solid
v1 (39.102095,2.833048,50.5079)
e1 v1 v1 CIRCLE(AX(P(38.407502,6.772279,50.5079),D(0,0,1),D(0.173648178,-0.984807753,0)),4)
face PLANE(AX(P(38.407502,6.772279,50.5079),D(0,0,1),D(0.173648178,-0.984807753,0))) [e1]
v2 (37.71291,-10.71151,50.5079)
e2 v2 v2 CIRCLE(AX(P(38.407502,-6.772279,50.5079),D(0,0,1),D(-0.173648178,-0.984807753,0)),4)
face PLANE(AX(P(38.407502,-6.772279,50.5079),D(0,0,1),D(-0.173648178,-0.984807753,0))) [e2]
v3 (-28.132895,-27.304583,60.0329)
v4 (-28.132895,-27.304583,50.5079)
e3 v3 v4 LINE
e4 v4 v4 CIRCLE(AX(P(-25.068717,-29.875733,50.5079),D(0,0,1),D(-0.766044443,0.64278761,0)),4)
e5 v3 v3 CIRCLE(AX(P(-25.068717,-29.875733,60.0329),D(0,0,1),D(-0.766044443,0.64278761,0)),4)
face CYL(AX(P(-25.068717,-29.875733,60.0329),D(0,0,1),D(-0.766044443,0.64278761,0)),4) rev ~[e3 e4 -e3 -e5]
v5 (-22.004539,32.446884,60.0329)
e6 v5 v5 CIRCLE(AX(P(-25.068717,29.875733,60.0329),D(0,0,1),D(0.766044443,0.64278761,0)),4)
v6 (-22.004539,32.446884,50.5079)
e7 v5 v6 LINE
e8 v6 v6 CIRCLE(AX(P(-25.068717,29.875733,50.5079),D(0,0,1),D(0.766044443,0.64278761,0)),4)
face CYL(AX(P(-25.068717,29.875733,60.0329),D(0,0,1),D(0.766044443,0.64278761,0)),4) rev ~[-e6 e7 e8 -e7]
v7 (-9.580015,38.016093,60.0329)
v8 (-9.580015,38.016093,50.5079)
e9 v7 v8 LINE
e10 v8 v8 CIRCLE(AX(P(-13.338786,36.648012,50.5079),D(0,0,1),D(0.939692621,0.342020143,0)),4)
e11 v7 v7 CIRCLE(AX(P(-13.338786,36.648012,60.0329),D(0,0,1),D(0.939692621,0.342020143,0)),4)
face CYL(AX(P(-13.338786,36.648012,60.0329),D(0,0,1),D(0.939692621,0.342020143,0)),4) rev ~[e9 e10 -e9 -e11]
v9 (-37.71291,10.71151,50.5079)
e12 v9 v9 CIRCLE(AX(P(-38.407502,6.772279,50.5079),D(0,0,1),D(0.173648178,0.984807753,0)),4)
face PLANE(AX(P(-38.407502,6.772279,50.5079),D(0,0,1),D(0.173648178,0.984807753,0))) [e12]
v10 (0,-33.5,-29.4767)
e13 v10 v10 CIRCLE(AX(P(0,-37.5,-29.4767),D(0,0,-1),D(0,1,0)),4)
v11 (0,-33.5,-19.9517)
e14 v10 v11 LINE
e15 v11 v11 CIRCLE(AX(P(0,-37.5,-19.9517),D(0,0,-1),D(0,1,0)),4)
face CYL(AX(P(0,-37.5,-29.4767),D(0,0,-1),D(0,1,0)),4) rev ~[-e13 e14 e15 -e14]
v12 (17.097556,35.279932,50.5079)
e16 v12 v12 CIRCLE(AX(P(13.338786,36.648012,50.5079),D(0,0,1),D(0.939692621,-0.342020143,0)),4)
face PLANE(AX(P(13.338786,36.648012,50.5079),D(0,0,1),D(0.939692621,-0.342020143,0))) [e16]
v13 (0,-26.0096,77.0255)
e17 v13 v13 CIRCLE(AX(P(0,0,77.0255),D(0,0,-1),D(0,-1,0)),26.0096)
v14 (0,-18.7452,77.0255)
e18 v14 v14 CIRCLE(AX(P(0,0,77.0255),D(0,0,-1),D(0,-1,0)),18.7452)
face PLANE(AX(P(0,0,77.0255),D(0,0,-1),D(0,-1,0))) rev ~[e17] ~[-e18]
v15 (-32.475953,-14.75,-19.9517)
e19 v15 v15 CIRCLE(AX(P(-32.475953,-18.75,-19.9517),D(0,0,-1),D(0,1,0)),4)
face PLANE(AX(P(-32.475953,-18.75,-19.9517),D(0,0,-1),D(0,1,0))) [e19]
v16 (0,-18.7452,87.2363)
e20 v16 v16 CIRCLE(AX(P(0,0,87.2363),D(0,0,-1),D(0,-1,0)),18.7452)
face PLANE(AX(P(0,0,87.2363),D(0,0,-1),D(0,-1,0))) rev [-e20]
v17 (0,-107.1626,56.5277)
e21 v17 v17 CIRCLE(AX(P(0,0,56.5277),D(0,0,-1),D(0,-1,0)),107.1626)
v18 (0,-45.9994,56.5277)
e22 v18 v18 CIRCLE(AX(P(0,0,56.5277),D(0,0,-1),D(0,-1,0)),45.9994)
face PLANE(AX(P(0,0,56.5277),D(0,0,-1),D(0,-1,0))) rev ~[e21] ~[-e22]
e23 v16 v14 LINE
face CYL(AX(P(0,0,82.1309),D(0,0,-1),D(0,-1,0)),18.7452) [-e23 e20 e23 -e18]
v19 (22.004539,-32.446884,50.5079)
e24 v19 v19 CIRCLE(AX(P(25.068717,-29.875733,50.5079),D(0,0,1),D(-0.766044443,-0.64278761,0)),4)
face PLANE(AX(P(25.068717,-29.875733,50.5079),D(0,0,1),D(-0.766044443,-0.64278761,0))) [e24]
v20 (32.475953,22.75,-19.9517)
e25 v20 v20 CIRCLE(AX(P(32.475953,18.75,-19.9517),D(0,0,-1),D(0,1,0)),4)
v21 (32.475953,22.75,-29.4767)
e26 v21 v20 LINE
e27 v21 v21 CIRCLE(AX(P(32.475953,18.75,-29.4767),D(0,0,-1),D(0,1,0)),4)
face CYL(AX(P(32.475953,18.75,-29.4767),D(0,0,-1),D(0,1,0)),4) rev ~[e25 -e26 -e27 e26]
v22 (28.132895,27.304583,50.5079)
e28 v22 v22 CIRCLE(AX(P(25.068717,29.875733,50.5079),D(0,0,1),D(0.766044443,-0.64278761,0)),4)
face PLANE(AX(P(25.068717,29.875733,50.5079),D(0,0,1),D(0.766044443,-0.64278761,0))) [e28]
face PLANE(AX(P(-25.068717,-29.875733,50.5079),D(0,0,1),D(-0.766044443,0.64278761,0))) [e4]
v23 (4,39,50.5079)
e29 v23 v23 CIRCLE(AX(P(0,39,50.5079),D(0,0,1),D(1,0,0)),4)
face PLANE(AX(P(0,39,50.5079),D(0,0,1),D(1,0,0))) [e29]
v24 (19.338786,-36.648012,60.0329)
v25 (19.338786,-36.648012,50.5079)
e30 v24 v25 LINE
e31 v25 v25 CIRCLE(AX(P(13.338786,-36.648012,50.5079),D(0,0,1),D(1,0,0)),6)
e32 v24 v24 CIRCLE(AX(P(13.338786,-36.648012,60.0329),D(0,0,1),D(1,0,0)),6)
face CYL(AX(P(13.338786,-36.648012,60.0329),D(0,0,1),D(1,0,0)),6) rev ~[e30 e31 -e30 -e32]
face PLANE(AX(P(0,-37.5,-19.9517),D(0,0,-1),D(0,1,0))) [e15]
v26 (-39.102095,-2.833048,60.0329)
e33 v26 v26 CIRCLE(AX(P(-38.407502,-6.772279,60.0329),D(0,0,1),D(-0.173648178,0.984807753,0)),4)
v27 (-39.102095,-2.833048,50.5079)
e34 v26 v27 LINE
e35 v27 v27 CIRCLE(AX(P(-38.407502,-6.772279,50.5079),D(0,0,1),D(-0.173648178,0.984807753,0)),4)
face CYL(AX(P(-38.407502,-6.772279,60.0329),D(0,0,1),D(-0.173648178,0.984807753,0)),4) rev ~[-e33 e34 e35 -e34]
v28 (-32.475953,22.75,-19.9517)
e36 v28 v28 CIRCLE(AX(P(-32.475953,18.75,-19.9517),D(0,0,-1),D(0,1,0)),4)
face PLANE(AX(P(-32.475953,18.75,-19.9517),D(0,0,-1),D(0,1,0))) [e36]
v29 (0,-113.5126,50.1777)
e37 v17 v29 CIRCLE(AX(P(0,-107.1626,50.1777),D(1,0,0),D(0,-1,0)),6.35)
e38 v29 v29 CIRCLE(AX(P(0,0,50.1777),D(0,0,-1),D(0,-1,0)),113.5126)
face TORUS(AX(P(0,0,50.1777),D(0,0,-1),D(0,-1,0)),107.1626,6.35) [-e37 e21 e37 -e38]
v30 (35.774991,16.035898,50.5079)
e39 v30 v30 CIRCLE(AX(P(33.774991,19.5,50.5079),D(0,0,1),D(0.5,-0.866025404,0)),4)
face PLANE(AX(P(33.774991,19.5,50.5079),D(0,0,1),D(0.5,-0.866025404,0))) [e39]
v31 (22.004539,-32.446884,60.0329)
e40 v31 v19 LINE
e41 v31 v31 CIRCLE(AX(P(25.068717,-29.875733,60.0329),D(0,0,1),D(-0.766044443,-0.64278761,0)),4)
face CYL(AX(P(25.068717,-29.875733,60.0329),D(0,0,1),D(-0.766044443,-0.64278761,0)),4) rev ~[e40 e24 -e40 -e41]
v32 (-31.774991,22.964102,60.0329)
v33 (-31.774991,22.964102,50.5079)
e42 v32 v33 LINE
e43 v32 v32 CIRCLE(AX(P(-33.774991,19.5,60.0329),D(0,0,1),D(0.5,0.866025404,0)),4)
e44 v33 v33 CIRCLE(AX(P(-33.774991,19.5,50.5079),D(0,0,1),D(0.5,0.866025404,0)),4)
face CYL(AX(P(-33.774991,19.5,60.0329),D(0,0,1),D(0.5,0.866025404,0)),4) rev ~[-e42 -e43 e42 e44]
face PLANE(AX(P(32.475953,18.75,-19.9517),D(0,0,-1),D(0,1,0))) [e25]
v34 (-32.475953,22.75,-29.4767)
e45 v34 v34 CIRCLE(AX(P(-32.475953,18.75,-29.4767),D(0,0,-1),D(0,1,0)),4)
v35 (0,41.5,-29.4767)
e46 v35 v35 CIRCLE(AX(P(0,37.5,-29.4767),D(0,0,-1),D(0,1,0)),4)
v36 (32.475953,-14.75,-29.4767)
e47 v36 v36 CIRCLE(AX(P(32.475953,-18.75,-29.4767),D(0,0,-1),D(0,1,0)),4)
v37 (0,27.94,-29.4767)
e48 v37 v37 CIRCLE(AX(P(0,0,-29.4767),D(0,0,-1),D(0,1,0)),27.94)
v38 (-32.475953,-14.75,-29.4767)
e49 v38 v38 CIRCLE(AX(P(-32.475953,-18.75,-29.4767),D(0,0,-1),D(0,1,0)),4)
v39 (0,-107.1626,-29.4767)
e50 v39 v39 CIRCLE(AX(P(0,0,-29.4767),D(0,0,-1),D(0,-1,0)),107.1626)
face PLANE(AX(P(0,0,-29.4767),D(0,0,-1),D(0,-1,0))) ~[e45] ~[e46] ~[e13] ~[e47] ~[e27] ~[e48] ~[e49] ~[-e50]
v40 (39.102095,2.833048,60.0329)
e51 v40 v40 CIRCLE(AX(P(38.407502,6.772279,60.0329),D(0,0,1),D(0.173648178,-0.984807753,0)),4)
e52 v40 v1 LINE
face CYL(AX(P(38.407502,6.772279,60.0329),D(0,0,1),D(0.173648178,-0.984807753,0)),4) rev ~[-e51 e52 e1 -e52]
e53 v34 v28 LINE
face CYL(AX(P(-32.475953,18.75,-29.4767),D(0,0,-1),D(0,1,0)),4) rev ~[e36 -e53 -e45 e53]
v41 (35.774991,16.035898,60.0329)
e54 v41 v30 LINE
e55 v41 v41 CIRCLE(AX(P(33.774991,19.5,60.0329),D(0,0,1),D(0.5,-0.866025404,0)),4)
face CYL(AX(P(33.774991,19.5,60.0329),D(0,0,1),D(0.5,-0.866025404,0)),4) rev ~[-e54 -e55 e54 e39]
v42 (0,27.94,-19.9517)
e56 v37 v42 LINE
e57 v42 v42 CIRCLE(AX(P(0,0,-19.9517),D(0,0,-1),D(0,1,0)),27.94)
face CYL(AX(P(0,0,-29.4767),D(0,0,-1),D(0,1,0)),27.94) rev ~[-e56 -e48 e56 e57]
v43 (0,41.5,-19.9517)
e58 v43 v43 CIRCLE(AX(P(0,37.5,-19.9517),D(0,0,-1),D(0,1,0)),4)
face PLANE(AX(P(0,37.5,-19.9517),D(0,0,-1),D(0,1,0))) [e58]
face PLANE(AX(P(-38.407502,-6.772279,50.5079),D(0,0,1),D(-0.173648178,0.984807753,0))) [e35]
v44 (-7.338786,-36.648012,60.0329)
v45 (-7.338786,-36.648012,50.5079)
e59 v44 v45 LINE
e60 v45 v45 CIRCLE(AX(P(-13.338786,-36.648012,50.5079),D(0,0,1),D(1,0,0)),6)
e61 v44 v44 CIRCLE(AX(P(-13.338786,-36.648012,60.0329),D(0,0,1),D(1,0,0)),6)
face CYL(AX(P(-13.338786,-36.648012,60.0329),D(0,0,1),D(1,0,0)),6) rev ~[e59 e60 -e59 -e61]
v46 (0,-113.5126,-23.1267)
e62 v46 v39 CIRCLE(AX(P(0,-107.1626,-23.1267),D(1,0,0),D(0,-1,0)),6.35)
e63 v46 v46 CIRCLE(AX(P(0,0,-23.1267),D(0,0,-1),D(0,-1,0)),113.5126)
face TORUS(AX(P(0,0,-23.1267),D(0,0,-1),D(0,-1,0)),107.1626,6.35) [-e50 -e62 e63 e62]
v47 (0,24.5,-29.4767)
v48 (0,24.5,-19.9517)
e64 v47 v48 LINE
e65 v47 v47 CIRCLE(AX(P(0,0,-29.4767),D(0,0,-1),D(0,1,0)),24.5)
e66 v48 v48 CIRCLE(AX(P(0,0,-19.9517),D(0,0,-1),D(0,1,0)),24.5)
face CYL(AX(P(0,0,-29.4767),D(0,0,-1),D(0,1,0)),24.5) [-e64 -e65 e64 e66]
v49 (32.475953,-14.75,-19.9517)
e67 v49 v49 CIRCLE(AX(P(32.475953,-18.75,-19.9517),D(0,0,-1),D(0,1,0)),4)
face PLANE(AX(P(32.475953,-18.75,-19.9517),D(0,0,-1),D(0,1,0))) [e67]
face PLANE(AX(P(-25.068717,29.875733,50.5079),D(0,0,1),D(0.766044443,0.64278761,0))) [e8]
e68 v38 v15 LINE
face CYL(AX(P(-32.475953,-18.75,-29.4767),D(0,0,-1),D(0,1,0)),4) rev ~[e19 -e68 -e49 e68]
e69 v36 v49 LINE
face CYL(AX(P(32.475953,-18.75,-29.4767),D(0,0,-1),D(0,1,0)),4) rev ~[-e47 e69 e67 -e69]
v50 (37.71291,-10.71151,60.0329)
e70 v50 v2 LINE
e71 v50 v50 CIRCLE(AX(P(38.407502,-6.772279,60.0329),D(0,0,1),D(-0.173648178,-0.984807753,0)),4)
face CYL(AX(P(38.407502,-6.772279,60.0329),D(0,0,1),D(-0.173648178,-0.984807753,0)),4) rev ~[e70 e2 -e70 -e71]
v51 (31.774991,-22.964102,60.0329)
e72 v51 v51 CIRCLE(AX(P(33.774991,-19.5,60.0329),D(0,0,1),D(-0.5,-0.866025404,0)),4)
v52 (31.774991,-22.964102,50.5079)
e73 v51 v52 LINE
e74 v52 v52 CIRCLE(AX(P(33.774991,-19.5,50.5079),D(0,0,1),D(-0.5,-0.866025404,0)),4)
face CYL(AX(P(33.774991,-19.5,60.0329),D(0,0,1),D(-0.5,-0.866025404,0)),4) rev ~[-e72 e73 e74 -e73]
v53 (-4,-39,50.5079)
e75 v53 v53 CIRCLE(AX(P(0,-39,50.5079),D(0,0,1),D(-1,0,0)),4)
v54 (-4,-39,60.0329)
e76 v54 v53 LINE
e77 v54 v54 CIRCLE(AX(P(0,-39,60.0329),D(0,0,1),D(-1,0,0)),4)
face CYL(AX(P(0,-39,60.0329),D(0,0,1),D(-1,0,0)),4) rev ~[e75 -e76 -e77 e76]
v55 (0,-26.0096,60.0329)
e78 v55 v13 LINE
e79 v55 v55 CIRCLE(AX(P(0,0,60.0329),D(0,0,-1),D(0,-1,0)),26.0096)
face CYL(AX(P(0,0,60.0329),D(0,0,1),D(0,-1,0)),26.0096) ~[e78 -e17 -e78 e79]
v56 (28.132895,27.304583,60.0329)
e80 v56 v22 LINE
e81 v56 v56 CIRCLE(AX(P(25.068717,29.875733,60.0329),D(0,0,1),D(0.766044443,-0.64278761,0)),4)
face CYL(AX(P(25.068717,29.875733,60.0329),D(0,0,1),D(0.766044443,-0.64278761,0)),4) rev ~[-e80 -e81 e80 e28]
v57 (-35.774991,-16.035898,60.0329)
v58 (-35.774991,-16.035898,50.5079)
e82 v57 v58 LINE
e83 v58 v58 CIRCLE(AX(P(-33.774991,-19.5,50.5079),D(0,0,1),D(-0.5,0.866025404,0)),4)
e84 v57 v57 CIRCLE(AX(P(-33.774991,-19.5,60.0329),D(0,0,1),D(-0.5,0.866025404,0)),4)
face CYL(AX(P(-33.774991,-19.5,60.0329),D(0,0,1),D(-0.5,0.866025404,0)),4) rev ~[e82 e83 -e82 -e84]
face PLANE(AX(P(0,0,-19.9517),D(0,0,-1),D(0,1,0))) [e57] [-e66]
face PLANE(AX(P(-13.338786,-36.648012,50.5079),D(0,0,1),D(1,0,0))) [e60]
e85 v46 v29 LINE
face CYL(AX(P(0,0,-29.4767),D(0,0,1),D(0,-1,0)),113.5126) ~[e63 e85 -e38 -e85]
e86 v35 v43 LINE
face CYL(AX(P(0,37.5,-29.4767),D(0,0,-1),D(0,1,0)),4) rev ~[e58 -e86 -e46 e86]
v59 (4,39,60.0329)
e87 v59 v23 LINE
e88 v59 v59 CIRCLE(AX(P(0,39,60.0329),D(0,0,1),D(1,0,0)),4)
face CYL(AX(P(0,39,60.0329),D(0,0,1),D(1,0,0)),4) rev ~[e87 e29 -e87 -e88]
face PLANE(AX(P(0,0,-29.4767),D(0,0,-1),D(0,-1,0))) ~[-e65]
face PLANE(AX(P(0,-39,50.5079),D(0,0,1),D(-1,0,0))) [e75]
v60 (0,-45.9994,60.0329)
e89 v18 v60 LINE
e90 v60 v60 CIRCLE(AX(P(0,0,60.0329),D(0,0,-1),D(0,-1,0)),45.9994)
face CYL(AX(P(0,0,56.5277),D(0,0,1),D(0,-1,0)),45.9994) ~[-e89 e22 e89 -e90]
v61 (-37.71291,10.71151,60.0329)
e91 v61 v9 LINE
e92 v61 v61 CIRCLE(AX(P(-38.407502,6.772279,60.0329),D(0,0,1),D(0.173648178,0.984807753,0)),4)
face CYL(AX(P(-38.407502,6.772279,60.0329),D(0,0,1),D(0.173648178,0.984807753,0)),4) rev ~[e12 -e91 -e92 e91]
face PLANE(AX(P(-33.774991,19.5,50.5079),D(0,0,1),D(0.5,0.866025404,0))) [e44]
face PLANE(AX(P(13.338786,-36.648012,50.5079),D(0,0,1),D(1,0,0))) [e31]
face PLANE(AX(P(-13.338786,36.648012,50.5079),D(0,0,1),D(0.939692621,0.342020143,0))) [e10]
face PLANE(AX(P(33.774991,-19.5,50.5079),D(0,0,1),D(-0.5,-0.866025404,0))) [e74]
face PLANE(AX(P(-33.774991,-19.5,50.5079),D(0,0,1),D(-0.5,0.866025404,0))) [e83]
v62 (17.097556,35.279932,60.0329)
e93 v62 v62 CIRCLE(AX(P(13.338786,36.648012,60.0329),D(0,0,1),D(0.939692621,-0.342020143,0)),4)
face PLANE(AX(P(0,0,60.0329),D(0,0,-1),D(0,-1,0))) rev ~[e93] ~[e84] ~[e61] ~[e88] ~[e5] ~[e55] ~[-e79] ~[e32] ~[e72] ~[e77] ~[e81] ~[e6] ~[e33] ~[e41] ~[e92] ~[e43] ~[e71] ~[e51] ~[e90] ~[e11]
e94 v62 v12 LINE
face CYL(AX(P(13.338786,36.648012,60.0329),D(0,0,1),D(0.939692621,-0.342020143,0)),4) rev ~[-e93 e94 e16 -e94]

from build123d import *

# Parameters (mm, degrees)
SKETCH1_W          = 10.2108
SKETCH1_H          = 18.7452
SKETCH2_R          = 4
CUT_EXTRUDE1_DEPTH = 9.525
CIRPATTERN1_COUNT  = 18
SKETCH4_R          = 6
CUT_EXTRUDE2_DEPTH = 9.525
FILLET1_R          = 6.35
SKETCH5_R          = 4
SKETCH5_R_2        = 27.94
SKETCH5_R_3        = 24.5
CUT_EXTRUDE3_DEPTH = 9.525


with BuildPart() as part:
    # Sketch1 → Revolve1 (revolve)
    with BuildSketch(Plane(origin=(0, 0, 0), x_dir=(0, 0, -1), z_dir=(1, 0, 0)), mode=Mode.PRIVATE) as revolve1_sk:
        with Locations((-82.1309, 9.3726)):
            Rectangle(SKETCH1_W, SKETCH1_H)
        Polygon((-77.0255, 18.7452), (-77.0255, 0), (-60.0329, 0), (-60.0329, 26.0096), (-77.0255, 26.0096), align=None)
        Polygon((-60.0329, 26.0096), (-60.0329, 0), (-56.5277, 0), (-56.5277, 45.9994), (-60.0329, 45.9994), align=None)
        Polygon((-56.5277, 45.9994), (-56.5277, 0), (29.4767, 0), (29.4767, 46.99), (29.4767, 113.5126), (-56.5277, 113.5126), align=None)
    revolve(revolve1_sk.sketch.rotate(Axis((0, 0, 87.2363), (0, 0, -1)), 180), axis=Axis((0, 0, 87.2363), (0, 0, -1)))

    # Sketch2 → Cut-Extrude1 (cut)
    with BuildSketch(Plane.XY.offset(60.0329)):
        with Locations((0, 39)):
            Circle(SKETCH2_R)
    cut_extrude1 = extrude(amount=-CUT_EXTRUDE1_DEPTH, mode=Mode.SUBTRACT)

    # CirPattern1: Cut-Extrude1 ×18 about axis, 2 skipped
    cirpattern1_axis = Axis((0, 0, 0), (0, 0, -1))
    add([cut_extrude1.rotate(cirpattern1_axis, i * 360 / CIRPATTERN1_COUNT) for i in range(1, CIRPATTERN1_COUNT) if i not in (8, 10)], mode=Mode.SUBTRACT)

    # Sketch4 → Cut-Extrude2 (cut)
    with BuildSketch(Plane.XY.offset(60.0329)):
        with Locations((-13.33878559, -36.648012211)):
            Circle(SKETCH4_R)
        with Locations((13.33878559, -36.648012211)):
            Circle(SKETCH4_R)
    extrude(amount=-CUT_EXTRUDE2_DEPTH, mode=Mode.SUBTRACT)

    # Fillet1
    fillet1_edges = [part.edges().sort_by_distance(p)[0] for p in [
        (0, 113.5126, 56.5277),
        (0, 113.5126, -29.4767),
    ]]
    fillet(fillet1_edges, radius=FILLET1_R)

    # Sketch5 → Cut-Extrude3 (cut)
    # profile 1 of 7: a face of its own
    with BuildSketch(Plane(origin=(0, 0, -29.4767), x_dir=(-1, 0, 0), z_dir=(0, 0, -1))):
        with Locations(Location((0, 37.5, 0), (0, 0, 90))):
            Circle(SKETCH5_R)
    # profile 2 of 7: a face of its own
    with BuildSketch(Plane(origin=(0, 0, -29.4767), x_dir=(-1, 0, 0), z_dir=(0, 0, -1))):
        with Locations(Location((32.475952642, 18.75, 0), (0, 0, 90))):
            Circle(SKETCH5_R)
    # profile 3 of 7: a face of its own
    with BuildSketch(Plane(origin=(0, 0, -29.4767), x_dir=(-1, 0, 0), z_dir=(0, 0, -1))):
        with Locations(Location((32.475952642, -18.75, 0), (0, 0, 90))):
            Circle(SKETCH5_R)
    # profile 4 of 7: a face of its own
    with BuildSketch(Plane(origin=(0, 0, -29.4767), x_dir=(-1, 0, 0), z_dir=(0, 0, -1))):
        with Locations(Location((0, -37.5, 0), (0, 0, 90))):
            Circle(SKETCH5_R)
    # profile 5 of 7: a face of its own
    with BuildSketch(Plane(origin=(0, 0, -29.4767), x_dir=(-1, 0, 0), z_dir=(0, 0, -1))):
        with Locations(Location((-32.475952642, -18.75, 0), (0, 0, 90))):
            Circle(SKETCH5_R)
    # profile 6 of 7: a face of its own
    with BuildSketch(Plane(origin=(0, 0, -29.4767), x_dir=(-1, 0, 0), z_dir=(0, 0, -1))):
        with Locations(Location((-32.475952642, 18.75, 0), (0, 0, 90))):
            Circle(SKETCH5_R)
    # profile 7 of 7: a face of its own
    with BuildSketch(Plane(origin=(0, 0, -29.4767), x_dir=(-1, 0, 0), z_dir=(0, 0, -1))):
        with Locations(Location((0, 0, 0), (0, 0, 90))):
            Circle(SKETCH5_R_2)
        with Locations(Location((0, 0, 0), (0, 0, 90))):
            Circle(SKETCH5_R_3, mode=Mode.SUBTRACT)
    extrude(amount=-CUT_EXTRUDE3_DEPTH, mode=Mode.SUBTRACT)


solid = part.part
